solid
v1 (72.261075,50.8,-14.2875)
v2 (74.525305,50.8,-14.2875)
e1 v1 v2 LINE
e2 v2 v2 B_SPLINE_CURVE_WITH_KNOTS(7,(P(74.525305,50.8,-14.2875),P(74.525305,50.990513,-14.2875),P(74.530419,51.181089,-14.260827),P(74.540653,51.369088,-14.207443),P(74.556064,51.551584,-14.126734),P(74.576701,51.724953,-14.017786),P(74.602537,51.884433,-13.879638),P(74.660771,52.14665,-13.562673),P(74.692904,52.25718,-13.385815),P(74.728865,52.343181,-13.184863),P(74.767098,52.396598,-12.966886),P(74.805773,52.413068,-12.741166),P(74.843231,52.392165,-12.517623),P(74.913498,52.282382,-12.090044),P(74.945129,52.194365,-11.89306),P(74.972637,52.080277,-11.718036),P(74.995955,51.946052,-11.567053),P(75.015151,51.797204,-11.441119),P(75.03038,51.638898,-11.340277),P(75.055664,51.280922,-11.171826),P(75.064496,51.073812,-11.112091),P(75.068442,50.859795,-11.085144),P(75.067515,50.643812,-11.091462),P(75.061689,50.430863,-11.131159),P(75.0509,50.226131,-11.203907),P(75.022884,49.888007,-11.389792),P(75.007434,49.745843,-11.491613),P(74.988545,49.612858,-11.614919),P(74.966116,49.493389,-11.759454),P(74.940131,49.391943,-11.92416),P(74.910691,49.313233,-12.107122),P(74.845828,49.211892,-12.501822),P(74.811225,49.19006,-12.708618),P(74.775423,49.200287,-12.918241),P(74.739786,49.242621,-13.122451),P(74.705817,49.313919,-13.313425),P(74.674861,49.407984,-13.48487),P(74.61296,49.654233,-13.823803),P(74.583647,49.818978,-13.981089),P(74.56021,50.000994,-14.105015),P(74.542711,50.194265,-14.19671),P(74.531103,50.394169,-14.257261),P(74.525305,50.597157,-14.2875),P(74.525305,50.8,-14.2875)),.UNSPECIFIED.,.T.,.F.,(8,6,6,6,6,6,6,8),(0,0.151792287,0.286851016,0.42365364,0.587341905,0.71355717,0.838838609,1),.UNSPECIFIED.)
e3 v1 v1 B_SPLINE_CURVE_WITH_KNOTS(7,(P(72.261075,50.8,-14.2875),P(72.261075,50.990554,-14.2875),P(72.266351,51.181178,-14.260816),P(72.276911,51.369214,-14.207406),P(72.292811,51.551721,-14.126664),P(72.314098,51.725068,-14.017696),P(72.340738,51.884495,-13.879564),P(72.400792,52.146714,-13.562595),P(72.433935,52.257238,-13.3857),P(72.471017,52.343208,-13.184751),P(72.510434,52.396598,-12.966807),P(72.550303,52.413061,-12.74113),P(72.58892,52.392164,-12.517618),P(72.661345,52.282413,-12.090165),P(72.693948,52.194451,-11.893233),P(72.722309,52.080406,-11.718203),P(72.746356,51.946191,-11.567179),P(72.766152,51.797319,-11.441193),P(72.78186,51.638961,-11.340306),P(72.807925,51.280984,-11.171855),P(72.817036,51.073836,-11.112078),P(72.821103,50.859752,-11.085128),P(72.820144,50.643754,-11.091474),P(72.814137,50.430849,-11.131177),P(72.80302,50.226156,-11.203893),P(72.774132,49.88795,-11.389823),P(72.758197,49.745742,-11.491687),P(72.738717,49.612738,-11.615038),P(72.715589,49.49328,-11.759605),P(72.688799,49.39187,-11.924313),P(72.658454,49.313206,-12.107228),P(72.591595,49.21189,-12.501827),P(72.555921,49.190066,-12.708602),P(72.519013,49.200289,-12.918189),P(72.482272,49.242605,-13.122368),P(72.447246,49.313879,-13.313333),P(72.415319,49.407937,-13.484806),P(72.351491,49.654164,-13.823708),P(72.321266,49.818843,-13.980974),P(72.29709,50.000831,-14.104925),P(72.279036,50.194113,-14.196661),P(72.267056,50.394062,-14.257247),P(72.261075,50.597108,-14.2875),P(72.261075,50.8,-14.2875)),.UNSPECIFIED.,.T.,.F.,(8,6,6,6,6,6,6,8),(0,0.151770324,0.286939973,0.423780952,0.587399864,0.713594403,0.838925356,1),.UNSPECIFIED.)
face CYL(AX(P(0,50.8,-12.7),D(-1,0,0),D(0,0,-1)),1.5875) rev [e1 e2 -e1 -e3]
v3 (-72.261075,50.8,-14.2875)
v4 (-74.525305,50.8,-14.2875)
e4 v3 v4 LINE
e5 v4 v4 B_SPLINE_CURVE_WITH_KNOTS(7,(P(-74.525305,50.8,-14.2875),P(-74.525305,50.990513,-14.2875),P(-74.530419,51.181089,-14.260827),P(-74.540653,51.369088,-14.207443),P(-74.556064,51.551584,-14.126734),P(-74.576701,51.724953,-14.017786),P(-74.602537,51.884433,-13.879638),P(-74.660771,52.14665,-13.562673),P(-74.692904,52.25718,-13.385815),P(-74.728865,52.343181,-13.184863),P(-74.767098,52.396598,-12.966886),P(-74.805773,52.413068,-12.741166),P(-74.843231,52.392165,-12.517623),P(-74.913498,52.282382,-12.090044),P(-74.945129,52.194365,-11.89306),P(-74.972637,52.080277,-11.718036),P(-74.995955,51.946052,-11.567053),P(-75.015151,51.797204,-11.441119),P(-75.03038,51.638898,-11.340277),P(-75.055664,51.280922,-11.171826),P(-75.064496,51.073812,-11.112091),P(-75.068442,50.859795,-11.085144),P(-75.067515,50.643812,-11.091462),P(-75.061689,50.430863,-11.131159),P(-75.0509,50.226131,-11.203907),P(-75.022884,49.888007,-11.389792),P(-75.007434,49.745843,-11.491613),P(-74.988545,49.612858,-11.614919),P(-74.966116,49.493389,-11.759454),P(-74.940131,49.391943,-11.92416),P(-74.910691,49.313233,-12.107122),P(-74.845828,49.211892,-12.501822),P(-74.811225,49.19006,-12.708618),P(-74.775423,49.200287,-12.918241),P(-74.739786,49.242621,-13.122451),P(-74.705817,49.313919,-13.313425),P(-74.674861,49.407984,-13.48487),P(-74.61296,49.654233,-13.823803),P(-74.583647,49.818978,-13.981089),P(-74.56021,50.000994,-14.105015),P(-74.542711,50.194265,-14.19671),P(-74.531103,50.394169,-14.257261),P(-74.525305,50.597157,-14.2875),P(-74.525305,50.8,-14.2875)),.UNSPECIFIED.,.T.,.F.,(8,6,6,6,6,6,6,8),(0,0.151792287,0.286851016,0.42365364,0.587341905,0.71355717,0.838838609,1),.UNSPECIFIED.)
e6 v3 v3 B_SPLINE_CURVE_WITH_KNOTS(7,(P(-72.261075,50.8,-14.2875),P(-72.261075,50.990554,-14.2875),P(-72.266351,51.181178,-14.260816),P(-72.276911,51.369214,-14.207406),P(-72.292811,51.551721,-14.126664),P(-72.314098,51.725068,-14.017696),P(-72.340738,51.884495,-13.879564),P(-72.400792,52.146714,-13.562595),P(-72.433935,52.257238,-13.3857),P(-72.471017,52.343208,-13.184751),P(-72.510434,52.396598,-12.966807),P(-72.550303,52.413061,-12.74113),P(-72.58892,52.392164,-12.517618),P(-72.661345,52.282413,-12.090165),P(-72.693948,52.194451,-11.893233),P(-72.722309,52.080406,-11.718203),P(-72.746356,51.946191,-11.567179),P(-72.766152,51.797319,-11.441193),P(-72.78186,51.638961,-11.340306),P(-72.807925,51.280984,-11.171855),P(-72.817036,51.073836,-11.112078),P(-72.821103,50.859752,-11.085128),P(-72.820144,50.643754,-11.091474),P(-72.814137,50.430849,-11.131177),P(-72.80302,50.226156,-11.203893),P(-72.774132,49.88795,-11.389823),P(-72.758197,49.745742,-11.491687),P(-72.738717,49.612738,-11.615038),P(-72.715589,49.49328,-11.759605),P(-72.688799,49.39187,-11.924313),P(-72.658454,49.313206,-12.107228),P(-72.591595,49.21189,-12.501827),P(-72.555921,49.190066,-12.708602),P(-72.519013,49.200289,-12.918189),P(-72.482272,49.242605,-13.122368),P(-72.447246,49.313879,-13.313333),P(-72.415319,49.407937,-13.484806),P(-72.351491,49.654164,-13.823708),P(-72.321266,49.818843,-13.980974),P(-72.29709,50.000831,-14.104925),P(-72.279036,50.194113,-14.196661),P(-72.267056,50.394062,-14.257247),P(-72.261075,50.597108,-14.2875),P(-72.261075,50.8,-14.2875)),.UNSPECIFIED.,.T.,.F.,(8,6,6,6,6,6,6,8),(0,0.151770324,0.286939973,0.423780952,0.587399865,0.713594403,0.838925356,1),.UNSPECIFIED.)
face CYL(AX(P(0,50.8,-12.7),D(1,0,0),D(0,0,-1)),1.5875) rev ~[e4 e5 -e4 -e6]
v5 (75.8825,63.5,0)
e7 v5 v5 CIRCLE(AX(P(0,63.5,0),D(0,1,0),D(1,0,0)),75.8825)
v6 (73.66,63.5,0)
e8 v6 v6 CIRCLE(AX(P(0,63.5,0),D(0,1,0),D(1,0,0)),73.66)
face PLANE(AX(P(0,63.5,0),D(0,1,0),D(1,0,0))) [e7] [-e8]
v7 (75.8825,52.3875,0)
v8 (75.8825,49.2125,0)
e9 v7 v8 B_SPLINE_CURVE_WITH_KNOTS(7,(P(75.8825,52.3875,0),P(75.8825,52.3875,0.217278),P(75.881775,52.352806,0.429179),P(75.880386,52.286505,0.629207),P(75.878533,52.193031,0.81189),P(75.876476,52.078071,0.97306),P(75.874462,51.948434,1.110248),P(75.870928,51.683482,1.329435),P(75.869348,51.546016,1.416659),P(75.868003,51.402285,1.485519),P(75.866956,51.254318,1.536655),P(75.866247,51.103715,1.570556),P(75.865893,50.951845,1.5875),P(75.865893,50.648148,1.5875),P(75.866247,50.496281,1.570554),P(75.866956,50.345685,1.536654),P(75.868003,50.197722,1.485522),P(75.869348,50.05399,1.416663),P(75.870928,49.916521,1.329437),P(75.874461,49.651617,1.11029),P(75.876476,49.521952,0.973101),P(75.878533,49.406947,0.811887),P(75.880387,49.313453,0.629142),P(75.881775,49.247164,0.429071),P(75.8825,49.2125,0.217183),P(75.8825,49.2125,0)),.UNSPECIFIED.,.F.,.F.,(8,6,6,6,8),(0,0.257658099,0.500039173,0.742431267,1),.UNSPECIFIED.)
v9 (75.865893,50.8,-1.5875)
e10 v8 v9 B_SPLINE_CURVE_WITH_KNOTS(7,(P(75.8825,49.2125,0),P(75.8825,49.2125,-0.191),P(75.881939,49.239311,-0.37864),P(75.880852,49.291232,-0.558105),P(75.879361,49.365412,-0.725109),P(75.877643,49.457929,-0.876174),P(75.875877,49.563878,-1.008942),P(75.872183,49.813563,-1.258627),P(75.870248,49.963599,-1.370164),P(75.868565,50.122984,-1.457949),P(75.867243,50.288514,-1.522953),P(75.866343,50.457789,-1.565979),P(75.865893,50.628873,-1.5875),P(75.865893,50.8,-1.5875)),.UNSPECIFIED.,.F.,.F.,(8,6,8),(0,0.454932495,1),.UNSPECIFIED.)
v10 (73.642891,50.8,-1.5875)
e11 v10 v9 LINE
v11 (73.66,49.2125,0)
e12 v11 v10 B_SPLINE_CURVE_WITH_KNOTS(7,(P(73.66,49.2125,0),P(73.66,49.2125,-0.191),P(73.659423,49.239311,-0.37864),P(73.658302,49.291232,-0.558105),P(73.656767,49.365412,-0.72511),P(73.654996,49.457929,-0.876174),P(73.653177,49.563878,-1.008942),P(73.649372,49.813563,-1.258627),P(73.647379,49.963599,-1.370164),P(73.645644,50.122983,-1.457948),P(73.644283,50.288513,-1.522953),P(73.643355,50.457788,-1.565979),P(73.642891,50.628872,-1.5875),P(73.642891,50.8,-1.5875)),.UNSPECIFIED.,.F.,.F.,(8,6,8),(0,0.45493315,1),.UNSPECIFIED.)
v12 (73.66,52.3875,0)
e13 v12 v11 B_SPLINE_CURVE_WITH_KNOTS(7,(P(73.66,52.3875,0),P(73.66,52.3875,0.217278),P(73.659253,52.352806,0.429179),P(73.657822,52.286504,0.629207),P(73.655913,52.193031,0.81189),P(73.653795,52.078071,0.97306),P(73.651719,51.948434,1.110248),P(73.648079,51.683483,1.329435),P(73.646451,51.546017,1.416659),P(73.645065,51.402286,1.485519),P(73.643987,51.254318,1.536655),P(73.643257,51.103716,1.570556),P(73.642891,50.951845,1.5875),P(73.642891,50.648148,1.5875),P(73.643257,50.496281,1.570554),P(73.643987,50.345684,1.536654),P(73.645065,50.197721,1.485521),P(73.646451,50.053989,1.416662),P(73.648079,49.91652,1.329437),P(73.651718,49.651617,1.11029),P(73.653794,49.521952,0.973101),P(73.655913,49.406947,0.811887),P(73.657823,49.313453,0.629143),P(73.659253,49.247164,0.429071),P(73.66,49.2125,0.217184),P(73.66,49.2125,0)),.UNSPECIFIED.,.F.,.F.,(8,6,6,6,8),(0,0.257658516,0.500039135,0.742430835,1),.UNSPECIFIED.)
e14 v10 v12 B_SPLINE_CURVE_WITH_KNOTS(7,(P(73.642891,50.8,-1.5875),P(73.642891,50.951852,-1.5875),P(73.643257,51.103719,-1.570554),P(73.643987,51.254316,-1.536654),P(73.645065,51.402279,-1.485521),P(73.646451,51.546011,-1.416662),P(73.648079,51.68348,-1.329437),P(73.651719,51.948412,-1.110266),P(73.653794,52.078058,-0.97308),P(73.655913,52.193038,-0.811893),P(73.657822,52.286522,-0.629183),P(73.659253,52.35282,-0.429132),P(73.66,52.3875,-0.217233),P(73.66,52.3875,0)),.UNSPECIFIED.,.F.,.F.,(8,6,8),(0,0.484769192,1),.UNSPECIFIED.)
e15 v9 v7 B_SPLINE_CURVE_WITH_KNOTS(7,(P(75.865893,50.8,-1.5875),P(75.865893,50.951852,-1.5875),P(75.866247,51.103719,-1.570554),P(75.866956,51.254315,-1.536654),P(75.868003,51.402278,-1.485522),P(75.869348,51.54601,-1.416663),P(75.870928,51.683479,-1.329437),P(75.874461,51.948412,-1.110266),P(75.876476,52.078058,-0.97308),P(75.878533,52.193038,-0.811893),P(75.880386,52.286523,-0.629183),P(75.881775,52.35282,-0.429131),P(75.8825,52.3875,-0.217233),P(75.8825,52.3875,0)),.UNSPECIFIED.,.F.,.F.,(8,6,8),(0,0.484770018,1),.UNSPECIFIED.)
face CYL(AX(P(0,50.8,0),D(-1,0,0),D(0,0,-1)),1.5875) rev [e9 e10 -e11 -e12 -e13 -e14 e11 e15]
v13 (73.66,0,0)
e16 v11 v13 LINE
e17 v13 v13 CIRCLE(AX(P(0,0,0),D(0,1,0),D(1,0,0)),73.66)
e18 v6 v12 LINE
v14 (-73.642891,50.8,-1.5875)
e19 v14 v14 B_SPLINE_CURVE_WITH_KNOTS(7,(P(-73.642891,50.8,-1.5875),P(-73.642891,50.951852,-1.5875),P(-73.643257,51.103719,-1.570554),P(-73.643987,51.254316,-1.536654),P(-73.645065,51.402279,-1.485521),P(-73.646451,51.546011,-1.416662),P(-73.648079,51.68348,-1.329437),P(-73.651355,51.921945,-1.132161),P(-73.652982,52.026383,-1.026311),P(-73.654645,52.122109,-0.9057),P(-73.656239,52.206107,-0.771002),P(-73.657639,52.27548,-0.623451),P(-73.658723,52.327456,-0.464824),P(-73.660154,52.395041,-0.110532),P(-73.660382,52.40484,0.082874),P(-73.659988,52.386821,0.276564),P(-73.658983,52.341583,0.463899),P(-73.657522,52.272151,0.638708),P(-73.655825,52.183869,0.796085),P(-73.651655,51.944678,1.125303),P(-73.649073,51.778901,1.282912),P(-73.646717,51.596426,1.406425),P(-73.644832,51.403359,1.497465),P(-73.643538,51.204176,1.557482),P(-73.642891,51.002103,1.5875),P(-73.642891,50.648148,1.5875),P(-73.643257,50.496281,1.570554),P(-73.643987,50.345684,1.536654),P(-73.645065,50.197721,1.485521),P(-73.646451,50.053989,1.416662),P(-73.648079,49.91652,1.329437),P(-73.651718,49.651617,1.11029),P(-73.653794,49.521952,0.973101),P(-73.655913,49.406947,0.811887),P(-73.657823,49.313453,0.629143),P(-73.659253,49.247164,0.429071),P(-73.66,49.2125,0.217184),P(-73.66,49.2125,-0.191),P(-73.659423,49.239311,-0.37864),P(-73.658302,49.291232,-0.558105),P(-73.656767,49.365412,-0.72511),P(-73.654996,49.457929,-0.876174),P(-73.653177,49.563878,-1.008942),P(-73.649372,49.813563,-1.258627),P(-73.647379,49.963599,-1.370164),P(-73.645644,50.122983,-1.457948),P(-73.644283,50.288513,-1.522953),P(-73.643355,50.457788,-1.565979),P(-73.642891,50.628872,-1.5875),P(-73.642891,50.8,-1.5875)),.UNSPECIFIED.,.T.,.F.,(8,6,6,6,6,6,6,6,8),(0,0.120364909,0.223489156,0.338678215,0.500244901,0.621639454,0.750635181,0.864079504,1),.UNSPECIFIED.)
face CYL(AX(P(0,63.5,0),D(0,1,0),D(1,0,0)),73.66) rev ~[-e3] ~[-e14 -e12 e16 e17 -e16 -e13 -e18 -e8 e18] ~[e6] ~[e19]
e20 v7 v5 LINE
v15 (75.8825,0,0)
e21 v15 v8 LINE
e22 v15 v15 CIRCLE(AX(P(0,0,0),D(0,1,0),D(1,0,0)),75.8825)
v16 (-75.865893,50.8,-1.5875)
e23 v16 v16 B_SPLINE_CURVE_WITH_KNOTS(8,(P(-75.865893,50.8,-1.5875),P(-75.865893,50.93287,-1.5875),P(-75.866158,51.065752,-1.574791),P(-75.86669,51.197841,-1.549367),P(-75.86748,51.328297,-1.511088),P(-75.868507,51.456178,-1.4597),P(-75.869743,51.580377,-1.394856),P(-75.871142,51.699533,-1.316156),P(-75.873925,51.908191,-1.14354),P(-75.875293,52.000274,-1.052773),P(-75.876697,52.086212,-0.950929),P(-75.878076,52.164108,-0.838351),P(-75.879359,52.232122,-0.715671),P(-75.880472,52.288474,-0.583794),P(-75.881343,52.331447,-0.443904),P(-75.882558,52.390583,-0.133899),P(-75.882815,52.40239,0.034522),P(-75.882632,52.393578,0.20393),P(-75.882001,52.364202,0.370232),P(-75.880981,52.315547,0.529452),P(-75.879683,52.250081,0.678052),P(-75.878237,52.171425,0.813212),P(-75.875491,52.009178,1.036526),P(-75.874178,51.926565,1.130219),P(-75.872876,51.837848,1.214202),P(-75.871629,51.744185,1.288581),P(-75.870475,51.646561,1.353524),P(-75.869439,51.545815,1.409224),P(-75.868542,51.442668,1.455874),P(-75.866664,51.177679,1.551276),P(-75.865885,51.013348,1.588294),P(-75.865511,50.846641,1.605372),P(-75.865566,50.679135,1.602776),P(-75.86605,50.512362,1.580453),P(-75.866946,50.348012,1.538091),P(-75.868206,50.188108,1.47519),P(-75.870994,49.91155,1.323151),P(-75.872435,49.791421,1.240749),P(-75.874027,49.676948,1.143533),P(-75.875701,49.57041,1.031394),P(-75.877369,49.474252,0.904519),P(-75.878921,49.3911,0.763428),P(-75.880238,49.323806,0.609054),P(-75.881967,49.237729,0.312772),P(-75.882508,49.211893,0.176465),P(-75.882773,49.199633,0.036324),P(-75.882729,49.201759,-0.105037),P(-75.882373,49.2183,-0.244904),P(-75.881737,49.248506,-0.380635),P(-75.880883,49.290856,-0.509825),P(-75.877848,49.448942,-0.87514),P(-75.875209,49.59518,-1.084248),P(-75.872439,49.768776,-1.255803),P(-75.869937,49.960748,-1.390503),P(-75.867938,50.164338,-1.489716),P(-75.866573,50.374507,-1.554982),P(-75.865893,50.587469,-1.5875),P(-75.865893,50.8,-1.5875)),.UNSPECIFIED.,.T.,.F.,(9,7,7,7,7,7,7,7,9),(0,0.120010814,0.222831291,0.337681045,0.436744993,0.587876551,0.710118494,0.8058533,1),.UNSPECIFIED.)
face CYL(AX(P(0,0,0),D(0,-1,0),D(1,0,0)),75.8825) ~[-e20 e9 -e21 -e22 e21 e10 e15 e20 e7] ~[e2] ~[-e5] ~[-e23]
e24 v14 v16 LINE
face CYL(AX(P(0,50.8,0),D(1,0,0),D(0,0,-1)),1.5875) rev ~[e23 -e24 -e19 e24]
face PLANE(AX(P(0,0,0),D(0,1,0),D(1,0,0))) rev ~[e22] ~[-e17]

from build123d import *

# Parameters (mm, degrees)
SKETCH1_R               = 75.8825
BOSS_EXTRUDE1_DEPTH     = 63.5
SKETCH2_R               = 73.66
CUT_EXTRUDE1_DEPTH      = 101.6
SKETCH4_R               = 1.5875
CUT_EXTRUDE4_DEPTH      = 76.8825
CUT_EXTRUDE4_DEPTH_BACK = 76.8825


with BuildPart() as part:
    # Sketch1 → Boss-Extrude1 (new body)
    with BuildSketch(Plane(origin=(0, 0, 0), x_dir=(1, 0, 0), z_dir=(0, 1, 0))):
        Circle(SKETCH1_R)
    extrude(amount=BOSS_EXTRUDE1_DEPTH)

    # Sketch2 → Cut-Extrude1 (cut)
    with BuildSketch(Plane(origin=(0, 63.5, 0), x_dir=(1, 0, 0), z_dir=(0, 1, 0))):
        Circle(SKETCH2_R)
    extrude(amount=-CUT_EXTRUDE1_DEPTH, mode=Mode.SUBTRACT)

    # Sketch4 → Cut-Extrude4 (cut, two sides)
    with BuildSketch(Plane(origin=(0, 0, 0), x_dir=(0, 0, -1), z_dir=(1, 0, 0))) as cut_extrude4_sk:
        with Locations((0, 50.8)):
            Circle(SKETCH4_R)
        with Locations((12.7, 50.8)):
            Circle(SKETCH4_R)
    extrude(amount=CUT_EXTRUDE4_DEPTH, mode=Mode.SUBTRACT)
    extrude(cut_extrude4_sk.sketch, amount=-CUT_EXTRUDE4_DEPTH_BACK, mode=Mode.SUBTRACT)


solid = part.part
